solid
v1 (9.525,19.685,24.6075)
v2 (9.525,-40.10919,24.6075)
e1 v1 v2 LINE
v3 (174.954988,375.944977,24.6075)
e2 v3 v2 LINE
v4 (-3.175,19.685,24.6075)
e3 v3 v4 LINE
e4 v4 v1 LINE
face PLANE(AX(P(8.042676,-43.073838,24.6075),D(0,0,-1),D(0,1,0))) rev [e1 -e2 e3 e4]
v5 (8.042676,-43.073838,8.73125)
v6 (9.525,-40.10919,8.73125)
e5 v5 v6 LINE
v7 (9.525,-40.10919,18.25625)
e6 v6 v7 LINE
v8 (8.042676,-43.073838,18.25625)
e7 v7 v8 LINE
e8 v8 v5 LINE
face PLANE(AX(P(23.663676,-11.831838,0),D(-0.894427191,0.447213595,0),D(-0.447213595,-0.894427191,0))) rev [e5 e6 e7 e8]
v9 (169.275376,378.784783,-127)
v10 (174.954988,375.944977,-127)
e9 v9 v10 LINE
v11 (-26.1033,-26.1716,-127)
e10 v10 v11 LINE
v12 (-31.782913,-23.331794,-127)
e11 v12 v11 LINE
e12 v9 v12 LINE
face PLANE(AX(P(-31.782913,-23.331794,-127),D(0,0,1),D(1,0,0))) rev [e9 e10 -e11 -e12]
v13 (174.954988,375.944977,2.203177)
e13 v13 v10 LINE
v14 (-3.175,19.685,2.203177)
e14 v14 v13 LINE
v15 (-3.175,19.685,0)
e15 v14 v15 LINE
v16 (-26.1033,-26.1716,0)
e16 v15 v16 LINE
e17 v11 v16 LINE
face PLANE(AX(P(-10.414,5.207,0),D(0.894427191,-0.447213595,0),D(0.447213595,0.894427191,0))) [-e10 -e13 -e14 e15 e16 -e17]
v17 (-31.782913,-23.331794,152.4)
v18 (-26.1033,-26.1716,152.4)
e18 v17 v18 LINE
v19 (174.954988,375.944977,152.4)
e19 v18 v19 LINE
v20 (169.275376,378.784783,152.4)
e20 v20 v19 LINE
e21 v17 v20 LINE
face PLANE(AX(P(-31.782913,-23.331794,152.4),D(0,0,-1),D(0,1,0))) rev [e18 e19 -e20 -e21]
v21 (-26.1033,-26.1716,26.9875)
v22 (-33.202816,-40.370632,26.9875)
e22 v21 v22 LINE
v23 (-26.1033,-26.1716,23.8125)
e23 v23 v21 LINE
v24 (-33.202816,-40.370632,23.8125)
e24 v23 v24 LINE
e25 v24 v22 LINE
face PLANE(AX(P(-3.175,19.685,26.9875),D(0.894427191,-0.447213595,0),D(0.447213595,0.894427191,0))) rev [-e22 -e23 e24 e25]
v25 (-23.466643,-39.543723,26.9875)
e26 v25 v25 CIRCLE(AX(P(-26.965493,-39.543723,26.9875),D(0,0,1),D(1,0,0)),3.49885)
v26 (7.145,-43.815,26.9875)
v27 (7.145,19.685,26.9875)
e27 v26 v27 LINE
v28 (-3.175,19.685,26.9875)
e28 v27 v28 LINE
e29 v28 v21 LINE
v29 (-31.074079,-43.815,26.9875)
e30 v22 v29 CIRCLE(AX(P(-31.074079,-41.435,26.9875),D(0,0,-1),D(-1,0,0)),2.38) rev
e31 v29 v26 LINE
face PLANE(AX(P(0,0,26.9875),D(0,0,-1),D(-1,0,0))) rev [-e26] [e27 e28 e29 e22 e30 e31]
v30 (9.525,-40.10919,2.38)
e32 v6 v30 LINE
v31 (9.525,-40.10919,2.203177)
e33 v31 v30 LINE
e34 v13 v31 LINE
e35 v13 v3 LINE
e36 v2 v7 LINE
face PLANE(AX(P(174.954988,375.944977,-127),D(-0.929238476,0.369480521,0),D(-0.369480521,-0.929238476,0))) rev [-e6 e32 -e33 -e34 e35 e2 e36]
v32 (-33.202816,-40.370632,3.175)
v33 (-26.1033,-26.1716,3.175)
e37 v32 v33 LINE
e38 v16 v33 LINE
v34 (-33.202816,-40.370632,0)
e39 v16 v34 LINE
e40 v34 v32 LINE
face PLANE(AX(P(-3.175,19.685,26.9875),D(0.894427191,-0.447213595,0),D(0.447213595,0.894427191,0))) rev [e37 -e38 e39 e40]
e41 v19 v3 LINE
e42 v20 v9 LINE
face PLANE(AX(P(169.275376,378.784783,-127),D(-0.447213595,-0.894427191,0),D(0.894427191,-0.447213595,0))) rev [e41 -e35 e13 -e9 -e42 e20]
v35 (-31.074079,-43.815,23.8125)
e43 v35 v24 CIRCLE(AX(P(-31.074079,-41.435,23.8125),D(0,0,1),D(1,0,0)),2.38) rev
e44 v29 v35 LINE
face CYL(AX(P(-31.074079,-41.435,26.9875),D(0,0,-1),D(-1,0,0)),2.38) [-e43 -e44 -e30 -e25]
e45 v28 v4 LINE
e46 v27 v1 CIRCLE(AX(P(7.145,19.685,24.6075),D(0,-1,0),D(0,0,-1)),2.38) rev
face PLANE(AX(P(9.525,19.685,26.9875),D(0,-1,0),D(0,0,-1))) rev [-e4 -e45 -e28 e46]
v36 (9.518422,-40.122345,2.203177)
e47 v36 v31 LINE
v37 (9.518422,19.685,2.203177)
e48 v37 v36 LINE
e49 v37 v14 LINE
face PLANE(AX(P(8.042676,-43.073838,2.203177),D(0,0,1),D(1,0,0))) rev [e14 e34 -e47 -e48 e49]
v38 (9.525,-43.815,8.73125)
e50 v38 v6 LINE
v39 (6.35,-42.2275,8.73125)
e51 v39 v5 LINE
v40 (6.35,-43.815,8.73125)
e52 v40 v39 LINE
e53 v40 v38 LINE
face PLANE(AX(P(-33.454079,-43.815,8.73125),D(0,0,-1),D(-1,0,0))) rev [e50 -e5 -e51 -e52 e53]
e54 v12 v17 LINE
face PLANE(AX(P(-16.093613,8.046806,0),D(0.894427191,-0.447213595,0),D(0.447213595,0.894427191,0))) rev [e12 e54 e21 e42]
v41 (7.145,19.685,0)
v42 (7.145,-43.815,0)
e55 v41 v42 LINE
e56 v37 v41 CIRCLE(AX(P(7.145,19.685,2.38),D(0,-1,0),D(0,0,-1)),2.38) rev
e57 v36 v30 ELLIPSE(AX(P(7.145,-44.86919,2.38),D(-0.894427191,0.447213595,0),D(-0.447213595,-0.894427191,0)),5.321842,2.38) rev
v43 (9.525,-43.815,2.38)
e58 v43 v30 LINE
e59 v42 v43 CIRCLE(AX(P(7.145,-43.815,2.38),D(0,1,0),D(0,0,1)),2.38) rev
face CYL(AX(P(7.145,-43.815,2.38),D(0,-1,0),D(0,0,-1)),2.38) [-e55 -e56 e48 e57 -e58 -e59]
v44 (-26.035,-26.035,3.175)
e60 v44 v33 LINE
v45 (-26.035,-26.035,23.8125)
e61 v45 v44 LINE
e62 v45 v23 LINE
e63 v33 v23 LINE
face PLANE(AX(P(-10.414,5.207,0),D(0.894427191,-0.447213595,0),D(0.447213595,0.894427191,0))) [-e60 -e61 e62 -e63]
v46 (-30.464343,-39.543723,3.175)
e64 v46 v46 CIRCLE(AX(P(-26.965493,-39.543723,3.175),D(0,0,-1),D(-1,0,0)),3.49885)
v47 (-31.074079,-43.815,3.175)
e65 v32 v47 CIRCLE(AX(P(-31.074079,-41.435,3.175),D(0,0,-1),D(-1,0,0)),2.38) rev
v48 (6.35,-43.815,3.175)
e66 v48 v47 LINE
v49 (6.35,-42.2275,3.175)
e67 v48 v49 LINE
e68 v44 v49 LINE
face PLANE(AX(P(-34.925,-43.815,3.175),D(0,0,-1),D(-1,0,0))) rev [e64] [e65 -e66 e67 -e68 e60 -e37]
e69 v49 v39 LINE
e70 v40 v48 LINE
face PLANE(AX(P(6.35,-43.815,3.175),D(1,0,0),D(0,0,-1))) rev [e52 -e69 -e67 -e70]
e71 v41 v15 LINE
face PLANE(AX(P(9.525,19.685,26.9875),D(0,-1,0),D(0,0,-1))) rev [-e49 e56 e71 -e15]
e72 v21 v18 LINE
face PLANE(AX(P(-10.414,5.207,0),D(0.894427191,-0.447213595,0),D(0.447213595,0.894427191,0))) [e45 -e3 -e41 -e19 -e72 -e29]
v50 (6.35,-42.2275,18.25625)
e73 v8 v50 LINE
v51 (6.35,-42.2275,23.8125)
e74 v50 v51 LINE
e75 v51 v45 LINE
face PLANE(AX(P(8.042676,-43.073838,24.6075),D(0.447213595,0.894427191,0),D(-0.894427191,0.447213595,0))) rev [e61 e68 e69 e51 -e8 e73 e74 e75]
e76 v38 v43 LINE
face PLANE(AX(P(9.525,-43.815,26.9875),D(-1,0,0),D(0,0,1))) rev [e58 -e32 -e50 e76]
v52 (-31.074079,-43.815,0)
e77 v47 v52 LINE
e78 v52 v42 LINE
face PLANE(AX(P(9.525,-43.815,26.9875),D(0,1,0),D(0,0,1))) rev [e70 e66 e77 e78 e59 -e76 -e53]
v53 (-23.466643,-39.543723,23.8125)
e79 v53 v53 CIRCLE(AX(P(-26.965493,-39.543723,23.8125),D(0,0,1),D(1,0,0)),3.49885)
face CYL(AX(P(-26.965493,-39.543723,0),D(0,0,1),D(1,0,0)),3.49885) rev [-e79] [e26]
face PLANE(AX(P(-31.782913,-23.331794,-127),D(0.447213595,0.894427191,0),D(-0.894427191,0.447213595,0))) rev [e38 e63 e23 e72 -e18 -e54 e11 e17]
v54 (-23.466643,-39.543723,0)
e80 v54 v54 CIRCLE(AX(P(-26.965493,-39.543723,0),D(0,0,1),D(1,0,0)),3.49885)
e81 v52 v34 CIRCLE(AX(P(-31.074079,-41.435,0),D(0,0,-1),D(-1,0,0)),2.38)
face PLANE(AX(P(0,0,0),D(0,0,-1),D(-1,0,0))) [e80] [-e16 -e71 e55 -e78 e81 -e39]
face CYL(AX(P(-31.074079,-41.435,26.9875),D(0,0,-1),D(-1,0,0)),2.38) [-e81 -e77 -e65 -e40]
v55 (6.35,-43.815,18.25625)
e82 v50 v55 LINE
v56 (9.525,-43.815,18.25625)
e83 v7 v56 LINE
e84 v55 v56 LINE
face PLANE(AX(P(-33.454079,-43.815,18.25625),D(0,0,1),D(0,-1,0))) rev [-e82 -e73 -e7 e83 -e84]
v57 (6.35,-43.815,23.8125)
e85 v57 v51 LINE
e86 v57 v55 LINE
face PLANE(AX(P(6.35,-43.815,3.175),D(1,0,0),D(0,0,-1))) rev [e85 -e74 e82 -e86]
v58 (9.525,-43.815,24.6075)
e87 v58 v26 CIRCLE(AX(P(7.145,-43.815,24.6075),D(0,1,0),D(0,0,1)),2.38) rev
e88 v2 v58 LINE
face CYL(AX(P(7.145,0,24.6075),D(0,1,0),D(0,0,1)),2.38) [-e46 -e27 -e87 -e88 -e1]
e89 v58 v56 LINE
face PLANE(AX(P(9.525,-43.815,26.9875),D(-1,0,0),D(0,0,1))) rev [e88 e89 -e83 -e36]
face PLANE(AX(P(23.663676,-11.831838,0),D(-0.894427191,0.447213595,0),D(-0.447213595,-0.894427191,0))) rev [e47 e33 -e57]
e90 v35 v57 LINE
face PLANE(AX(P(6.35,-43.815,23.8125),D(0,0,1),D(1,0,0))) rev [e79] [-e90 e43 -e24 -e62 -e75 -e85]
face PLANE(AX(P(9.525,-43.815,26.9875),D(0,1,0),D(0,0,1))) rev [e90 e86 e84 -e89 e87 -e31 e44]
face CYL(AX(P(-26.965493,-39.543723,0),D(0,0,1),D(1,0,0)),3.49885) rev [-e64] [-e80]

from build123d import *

# Parameters (mm, degrees)
BOSS_EXTRUDE1_DEPTH = 26.9875
SKETCH2_W           = 41.275
SKETCH2_H           = 20.6375
CUT_EXTRUDE1_DEPTH  = 64.5
SKETCH3_R           = 3.49885
CUT_EXTRUDE2_DEPTH  = 27.9875
FILLET1_R           = 2.38
FILLET2_R           = 2.38
SKETCH5_R           = 3.96875
CUT_EXTRUDE3_DEPTH  = 43.979079107
CUT_EXTRUDE4_DEPTH  = 43.979079107
SKETCH7_W           = 279.4
SKETCH7_H           = 449.58
BOSS_EXTRUDE2_DEPTH = 6.35
SKETCH11_W          = 22.404322508
SKETCH11_H          = 449.427276574
BOSS_EXTRUDE3_DEPTH = 38.1
CUT_EXTRUDE6_DEPTH  = 152.6075


with BuildPart() as part:
    # Sketch1 → Boss-Extrude1 (new body)
    with BuildSketch(Plane.XY):
        Polygon((-3.175, 19.685), (-34.925, -43.815), (9.525, -43.815), (9.525, 19.685), align=None)
    extrude(amount=BOSS_EXTRUDE1_DEPTH)

    # Sketch2 → Cut-Extrude1 (cut, through all)
    with BuildSketch(Plane(origin=(0, 19.685, 0), x_dir=(1, 0, 0), z_dir=(0, 1, 0))):
        with Locations((-14.2875, -13.49375)):
            Rectangle(SKETCH2_W, SKETCH2_H)
    extrude(amount=-CUT_EXTRUDE1_DEPTH, mode=Mode.SUBTRACT)

    # Sketch3 → Cut-Extrude2 (cut, through all)
    with BuildSketch(Plane.XY.offset(26.9875)):
        with Locations((-26.965492708, -39.543722561)):
            Circle(SKETCH3_R)
    extrude(amount=-CUT_EXTRUDE2_DEPTH, mode=Mode.SUBTRACT)

    # Fillet1
    fillet1_edges = [part.edges().sort_by_distance(p)[0] for p in [
        (9.525, -12.065, 26.9875),
        (9.525, -12.065, 0),
    ]]
    fillet(fillet1_edges, radius=FILLET1_R)

    # Fillet2
    fillet2_edges = [part.edges().sort_by_distance(p)[0] for p in [
        (-34.925, -43.815, 1.5875),
        (-34.925, -43.815, 25.4),
    ]]
    fillet(fillet2_edges, radius=FILLET2_R)

    # Sketch5 → Cut-Extrude3 (cut, through all)
    with BuildSketch(Plane(origin=(9.525, 0, 0), x_dir=(0, 0, -1), z_dir=(1, 0, 0))):
        with Locations((-12.488615689, 8.5725)):
            Circle(SKETCH5_R)
    extrude(amount=-CUT_EXTRUDE3_DEPTH, mode=Mode.SUBTRACT)

    # Sketch6 → Cut-Extrude4 (cut, through all)
    with BuildSketch(Plane(origin=(9.525, 0, 0), x_dir=(0, 0, -1), z_dir=(1, 0, 0))):
        with BuildLine():
            Line((-8.73125, -43.815), (-18.25625, -43.815))
            Line((-18.25625, -43.815), (-18.25625, -32.7025))
            ThreePointArc((-18.25625, -32.7025), (-13.49375, -27.94), (-8.73125, -32.7025))
            Line((-8.73125, -32.7025), (-8.73125, -43.815))
        make_face()
    extrude(amount=-CUT_EXTRUDE4_DEPTH, mode=Mode.SUBTRACT)

    # Sketch7 → Boss-Extrude2 (add)
    with BuildSketch(Plane(origin=(-10.414, 5.207, 0), x_dir=(0, 0, 1), z_dir=(-0.894427191, 0.447213595, 0))):
        with Locations((12.7, 189.707658697)):
            Rectangle(SKETCH7_W, SKETCH7_H)
    extrude(amount=BOSS_EXTRUDE2_DEPTH)

    # Sketch11 → Boss-Extrude3 (add)
    with BuildSketch(Plane(origin=(-10.414, 5.207, 0), x_dir=(0, 0, -1), z_dir=(0.894427191, -0.447213595, 0))):
        with Locations((-13.405338746, 189.78402041)):
            Rectangle(SKETCH11_W, SKETCH11_H)
    extrude(amount=BOSS_EXTRUDE3_DEPTH)

    # Sketch13 → Cut-Extrude6 (cut, through all)
    with BuildSketch(Plane.XY.offset(24.6075)):
        Polygon((174.954988272, 375.944976544), (9.525, -40.109189943), (209.032664249, 358.906138556), align=None)
    extrude(amount=-CUT_EXTRUDE6_DEPTH, mode=Mode.SUBTRACT)


solid = part.part
